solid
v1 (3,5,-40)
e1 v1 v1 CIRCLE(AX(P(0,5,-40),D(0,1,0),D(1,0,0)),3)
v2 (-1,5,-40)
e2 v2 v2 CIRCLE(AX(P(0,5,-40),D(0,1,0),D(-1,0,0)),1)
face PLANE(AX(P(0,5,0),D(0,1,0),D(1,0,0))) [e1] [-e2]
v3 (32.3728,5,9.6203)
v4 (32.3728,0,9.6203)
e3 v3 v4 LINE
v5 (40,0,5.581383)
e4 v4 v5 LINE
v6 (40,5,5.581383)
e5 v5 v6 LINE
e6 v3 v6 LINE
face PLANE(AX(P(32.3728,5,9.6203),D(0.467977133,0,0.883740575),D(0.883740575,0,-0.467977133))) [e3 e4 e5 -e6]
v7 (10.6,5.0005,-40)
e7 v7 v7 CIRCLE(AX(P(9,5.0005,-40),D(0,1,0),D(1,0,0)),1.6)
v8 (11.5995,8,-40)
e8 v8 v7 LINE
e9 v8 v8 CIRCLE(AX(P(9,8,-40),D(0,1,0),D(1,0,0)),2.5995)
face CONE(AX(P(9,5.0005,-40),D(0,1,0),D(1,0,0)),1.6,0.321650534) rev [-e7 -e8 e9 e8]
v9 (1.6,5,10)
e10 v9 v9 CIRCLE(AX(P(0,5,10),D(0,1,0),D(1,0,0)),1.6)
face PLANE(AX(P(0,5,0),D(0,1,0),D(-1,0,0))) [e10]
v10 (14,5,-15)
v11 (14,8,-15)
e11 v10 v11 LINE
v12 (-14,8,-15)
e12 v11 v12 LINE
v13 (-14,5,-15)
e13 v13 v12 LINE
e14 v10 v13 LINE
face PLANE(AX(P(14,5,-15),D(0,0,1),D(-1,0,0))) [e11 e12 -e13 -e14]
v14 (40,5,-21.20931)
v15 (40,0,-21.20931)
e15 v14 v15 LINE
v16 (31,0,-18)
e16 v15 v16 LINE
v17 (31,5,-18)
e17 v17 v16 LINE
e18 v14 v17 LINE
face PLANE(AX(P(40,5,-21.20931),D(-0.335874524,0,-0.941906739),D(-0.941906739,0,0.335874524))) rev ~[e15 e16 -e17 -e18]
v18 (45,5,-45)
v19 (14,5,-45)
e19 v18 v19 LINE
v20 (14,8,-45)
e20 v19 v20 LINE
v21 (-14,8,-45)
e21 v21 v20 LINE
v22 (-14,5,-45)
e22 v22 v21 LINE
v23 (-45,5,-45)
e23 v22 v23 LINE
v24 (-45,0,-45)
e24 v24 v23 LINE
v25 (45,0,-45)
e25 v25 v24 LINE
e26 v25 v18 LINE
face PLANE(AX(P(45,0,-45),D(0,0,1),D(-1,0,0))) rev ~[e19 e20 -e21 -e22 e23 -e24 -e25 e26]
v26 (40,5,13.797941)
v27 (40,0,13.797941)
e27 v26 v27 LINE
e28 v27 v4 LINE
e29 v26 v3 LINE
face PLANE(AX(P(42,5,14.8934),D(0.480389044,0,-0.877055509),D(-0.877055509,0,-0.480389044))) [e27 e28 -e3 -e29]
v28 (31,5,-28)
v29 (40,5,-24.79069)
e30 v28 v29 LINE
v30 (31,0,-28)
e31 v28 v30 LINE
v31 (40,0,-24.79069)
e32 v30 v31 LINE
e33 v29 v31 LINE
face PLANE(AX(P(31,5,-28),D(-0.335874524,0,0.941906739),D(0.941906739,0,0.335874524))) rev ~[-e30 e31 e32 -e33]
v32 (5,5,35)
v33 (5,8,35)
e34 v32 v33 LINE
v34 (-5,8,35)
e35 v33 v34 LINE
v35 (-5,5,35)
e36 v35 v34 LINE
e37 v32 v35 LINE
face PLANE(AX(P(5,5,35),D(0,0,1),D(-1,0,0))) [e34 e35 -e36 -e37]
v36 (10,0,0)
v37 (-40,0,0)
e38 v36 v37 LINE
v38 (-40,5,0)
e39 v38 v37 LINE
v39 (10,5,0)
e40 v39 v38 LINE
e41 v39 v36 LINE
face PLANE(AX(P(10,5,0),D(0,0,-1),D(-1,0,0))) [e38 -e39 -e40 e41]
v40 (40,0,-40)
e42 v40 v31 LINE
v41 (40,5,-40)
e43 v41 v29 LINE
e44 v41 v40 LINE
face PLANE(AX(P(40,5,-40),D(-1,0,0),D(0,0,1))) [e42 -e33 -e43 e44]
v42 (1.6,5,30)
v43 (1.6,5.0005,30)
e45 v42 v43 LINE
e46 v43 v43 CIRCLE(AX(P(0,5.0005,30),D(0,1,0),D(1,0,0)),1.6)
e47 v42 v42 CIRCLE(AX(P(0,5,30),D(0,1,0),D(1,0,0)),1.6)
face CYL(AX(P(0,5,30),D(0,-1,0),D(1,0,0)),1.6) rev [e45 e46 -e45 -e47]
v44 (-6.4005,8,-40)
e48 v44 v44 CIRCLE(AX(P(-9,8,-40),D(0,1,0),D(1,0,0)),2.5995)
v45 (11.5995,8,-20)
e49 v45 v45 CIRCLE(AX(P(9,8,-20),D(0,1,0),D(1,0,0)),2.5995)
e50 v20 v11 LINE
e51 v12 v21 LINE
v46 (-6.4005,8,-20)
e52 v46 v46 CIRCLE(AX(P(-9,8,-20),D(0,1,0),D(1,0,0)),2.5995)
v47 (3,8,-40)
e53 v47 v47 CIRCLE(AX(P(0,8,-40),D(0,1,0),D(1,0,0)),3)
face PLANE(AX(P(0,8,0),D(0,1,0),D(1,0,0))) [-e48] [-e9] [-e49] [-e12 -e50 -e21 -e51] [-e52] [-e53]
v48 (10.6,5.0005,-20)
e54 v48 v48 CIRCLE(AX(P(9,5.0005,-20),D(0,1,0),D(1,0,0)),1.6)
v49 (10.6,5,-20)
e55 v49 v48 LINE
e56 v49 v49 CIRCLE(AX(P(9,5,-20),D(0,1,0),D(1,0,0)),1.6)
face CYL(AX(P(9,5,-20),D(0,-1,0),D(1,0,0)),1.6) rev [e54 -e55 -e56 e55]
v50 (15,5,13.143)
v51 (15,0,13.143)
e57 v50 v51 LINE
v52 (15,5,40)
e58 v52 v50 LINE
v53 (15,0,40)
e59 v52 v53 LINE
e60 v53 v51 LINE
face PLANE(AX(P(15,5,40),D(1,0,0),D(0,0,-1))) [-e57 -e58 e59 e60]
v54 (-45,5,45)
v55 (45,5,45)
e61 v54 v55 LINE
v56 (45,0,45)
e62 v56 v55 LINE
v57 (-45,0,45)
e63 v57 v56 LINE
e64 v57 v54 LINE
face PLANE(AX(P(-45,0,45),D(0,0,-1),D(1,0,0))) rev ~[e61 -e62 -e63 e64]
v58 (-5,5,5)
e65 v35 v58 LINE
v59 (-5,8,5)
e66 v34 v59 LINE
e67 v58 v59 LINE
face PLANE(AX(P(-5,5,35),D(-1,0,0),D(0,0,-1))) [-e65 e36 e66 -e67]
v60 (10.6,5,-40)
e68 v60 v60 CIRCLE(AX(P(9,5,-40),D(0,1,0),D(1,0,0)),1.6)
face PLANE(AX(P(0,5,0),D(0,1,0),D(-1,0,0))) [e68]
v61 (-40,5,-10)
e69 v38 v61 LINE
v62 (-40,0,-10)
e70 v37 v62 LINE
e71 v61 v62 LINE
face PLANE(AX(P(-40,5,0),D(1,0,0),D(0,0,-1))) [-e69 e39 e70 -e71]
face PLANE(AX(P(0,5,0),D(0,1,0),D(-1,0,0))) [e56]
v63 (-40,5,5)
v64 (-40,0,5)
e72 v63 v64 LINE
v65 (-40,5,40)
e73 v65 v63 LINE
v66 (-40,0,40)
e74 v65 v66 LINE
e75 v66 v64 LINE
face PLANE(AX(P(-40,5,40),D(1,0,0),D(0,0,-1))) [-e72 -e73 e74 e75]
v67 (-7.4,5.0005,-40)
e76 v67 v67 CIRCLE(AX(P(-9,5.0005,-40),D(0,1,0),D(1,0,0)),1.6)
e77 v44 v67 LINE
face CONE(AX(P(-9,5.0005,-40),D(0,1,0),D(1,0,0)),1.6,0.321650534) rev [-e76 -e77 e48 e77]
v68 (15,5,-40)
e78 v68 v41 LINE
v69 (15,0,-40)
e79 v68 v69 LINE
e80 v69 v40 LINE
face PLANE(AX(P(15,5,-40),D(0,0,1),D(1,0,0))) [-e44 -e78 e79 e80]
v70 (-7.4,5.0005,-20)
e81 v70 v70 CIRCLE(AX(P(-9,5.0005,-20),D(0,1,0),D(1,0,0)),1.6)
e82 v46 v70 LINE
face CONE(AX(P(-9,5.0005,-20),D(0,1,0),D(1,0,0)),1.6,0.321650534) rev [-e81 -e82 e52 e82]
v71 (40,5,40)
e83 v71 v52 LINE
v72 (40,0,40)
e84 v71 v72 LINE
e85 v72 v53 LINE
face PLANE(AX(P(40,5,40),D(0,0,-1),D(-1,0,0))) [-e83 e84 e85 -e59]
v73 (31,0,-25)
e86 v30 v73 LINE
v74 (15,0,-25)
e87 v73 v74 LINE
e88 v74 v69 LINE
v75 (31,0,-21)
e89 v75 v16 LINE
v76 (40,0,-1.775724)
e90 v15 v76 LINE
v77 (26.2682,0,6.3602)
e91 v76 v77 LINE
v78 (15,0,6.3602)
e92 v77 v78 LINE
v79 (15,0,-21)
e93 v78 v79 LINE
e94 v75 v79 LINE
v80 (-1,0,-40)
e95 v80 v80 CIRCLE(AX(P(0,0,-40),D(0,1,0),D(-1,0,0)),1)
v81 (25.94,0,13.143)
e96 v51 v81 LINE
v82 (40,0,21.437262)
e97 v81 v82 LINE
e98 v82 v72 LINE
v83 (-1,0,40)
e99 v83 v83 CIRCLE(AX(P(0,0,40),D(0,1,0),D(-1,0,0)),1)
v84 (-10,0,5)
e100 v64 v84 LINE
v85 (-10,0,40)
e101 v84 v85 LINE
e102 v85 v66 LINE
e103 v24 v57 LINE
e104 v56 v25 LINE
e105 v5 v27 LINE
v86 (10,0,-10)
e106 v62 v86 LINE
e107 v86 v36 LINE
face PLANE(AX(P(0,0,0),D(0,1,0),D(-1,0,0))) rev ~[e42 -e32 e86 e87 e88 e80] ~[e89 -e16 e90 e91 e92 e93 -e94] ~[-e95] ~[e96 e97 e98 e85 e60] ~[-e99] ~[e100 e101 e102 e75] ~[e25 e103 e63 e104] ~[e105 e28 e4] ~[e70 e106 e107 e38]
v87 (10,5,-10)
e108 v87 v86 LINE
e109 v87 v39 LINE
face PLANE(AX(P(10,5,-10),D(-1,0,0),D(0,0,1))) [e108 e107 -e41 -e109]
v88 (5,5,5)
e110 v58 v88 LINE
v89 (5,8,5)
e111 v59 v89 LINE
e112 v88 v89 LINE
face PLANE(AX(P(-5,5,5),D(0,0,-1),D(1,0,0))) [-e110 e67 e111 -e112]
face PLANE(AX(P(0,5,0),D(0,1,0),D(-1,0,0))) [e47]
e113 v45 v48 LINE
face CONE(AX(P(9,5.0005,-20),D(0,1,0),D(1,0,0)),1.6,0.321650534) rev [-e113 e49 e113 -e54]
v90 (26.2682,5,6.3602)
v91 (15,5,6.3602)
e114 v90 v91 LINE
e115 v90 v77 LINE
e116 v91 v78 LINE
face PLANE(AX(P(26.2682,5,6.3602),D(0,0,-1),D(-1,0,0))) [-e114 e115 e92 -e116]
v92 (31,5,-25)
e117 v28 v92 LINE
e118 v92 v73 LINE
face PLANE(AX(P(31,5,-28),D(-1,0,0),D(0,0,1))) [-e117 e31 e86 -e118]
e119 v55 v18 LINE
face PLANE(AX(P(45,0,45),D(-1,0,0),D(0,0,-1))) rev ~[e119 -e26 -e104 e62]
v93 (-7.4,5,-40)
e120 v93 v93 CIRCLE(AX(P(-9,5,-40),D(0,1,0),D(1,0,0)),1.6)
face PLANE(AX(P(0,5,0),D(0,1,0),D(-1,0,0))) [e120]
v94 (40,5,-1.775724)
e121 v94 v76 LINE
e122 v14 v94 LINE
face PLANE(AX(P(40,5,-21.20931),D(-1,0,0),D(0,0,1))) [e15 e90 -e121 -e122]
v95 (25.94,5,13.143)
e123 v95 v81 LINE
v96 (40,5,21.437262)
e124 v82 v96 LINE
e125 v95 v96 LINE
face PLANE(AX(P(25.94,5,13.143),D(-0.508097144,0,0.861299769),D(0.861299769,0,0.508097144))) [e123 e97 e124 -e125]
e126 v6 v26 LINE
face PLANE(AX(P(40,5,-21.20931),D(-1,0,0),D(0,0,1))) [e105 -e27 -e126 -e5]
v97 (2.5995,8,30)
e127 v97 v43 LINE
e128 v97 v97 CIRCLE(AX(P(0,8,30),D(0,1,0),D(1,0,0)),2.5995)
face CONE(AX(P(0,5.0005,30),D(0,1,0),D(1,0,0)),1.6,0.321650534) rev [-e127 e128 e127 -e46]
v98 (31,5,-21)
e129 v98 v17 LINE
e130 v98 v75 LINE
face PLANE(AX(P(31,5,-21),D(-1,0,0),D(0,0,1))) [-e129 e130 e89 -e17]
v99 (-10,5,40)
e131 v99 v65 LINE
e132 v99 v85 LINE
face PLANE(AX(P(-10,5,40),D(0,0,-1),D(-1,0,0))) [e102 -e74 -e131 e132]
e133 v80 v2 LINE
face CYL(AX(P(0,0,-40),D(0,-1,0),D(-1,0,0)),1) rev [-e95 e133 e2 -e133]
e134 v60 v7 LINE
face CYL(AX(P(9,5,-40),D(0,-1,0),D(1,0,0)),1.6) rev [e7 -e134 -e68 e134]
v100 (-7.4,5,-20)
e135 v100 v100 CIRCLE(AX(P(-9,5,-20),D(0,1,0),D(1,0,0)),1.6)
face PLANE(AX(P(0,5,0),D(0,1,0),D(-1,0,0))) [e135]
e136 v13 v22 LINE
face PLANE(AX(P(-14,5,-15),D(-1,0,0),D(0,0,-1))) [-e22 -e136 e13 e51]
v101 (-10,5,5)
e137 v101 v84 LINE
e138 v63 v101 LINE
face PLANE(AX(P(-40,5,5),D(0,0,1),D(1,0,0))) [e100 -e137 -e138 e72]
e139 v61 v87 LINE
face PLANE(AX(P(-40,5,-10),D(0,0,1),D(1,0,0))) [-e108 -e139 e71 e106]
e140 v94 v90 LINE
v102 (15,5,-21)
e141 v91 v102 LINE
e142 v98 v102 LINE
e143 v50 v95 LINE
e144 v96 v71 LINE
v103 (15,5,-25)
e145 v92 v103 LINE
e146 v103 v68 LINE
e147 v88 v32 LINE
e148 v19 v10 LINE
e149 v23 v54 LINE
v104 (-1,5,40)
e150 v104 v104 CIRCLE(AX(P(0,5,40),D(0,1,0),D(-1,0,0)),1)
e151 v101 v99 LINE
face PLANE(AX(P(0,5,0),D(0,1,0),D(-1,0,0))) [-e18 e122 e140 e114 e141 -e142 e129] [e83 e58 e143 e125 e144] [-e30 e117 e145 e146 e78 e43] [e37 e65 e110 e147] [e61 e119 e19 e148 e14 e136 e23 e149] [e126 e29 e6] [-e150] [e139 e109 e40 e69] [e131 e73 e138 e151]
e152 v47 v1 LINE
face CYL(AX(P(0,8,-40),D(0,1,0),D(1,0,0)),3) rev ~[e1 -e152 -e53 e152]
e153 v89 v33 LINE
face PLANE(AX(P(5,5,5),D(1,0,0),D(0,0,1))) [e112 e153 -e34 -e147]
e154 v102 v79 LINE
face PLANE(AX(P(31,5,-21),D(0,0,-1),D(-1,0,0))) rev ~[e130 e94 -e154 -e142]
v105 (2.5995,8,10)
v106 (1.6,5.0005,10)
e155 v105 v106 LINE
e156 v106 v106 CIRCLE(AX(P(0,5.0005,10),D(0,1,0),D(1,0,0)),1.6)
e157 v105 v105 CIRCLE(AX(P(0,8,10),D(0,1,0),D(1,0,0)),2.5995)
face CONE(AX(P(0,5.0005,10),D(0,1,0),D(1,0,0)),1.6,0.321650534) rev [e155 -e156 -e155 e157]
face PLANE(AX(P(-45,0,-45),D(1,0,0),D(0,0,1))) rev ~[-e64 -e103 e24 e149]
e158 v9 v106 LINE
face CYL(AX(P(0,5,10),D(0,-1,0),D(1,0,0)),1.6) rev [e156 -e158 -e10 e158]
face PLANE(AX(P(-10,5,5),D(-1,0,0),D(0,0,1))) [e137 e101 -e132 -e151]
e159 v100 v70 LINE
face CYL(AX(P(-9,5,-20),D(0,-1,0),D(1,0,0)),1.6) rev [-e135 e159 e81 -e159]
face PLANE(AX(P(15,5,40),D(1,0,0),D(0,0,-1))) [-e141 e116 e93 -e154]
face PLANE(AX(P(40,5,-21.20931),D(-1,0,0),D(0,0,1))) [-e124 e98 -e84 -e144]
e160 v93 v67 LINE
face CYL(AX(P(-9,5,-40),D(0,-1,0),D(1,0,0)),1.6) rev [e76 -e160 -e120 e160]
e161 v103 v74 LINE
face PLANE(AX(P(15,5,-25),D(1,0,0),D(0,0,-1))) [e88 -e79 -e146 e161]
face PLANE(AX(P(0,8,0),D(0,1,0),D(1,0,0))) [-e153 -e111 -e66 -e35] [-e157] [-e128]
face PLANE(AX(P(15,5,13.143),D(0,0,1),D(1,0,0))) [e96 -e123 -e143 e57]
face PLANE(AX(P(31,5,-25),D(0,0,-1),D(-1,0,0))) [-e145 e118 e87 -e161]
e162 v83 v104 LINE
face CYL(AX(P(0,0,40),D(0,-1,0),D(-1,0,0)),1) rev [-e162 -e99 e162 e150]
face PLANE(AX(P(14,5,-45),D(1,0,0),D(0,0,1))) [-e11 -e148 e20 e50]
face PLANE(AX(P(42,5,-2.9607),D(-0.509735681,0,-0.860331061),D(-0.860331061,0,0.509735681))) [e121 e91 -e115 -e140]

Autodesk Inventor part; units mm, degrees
ref_plane "YZ Plane" through (0, 0, 0) normal (1, 0, 0) x (0, 1, 0)
ref_plane "Arbeitsebene1" through (-75, 27.1, 0) normal (0, 0, 1) x (0, 1, 0)
sketch "center1" plane through (-75, 27.1, 0) normal (0, 0, 1) x (0, 1, 0)
  line L0 (-173.891, -75) -> (168.1592, -75)
  line L1 (0, 239.86) -> (0, -220.81)
  point P0 (-27.1, -75)
ref_plane "Arbeitsebene2" through (0, 99.4, -2.4) normal (-1, 0, 0) x (0, 0, 1)
sketch "center2" plane through (0, 99.4, -2.4) normal (-1, 0, 0) x (0, 0, 1)
  line L0 (184.8129, -72.3) -> (-258.9785, -72.3)
  point P0 (2.4, -99.4)
sketch "Hallsens" plane through (0, 0, 0) normal (0, 1, 0) x (-1, 0, 0)
  line L0 (406.994, 0) -> (-237.944, 0) construction
  line L1 (0, -350.1368) -> (0, 271.1712) construction
  line L2 (-5, 0) -> (5, 0) construction
  line L3 (5, 0) -> (5, -20) construction
  line L4 (5, -20) -> (-5, -20) construction
  line L5 (-5, -20) -> (-5, 0) construction
  line L6 (-4, -1) -> (-6, -1)
  line L7 (-6, -1) -> (-6, 1)
  line L8 (-6, 1) -> (-4, 1)
  line L9 (-4, 1) -> (-4, -1)
  line L10 (-4, -1) -> (-6, 1) construction
  line L11 (-6, -1) -> (-4, 1) construction
  line L12 (4, -1) -> (6, -1)
  line L13 (6, -1) -> (6, 1)
  line L14 (6, 1) -> (4, 1)
  line L15 (4, 1) -> (4, -1)
  line L16 (4, -1) -> (6, 1) construction
  line L17 (6, -1) -> (4, 1) construction
  line L18 (4, -21) -> (6, -21)
  line L19 (6, -21) -> (6, -19)
  line L20 (6, -19) -> (4, -19)
  line L21 (4, -19) -> (4, -21)
  line L22 (4, -21) -> (6, -19) construction
  line L23 (6, -21) -> (4, -19) construction
  line L24 (-6, -21) -> (-4, -21)
  line L25 (-4, -21) -> (-4, -19)
  line L26 (-4, -19) -> (-6, -19)
  line L27 (-6, -19) -> (-6, -21)
  line L28 (-6, -21) -> (-4, -19) construction
  line L29 (-4, -21) -> (-6, -19) construction
  line L30 (-9, 10) -> (9, 10) construction
  line L31 (9, 10) -> (9, -40) construction
  line L32 (9, -40) -> (-9, -40) construction
  line L33 (-9, -40) -> (-9, 10) construction
  circle A0 centre (0, 10) radius 1.6
  circle A1 centre (9, -40) radius 1.6
  circle A2 centre (-9, -40) radius 1.6
  dimension "d126" = 10
  dimension "d127" = 20
  dimension "d128" = 5
  dimension "d129" = 2
  dimension "d130" = 4
  dimension "d131" = 4
  dimension "d132" = 10
  dimension "d133" = 20
  dimension "d134" = 3.2
sketch "Groundplane" plane through (0, 0, 0) normal (0, 1, 0) x (-1, 0, 0)
  line L0 (45, 45) -> (-45, 45) construction
  line L1 (-45, 45) -> (-45, -45) construction
  line L2 (-45, -45) -> (45, -45) construction
  line L3 (45, -45) -> (45, 45) construction
  line L4 (1, 45) -> (-1, 45) construction
  line L5 (-1, 45) -> (-1, 40) construction
  line L6 (-1, 40) -> (1, 40) construction
  line L7 (1, 40) -> (1, 45) construction
  arc A0 (-1, 40) -> (1, 40) centre (0, 40) ccw construction
  line L8 (1, -45) -> (-1, -45) construction
  line L9 (-1, -45) -> (-1, -40) construction
  line L10 (-1, -40) -> (1, -40) construction
  line L11 (1, -40) -> (1, -45) construction
  arc A1 (1, -40) -> (-1, -40) centre (0, -40) ccw construction
  point P0 (0, 0)
  dimension "d5" = 2
  dimension "d6" = 5
  dimension "d7" = 2
  dimension "d8" = 5
  dimension "d9" = 90
  dimension "d89" = 45
  dimension "d90" = 45
sketch "Montagepunkte" plane through (0, 0, 0) normal (0, 1, 0) x (-1, 0, 0)
  circle A0 centre (0, 10) radius 1.6 projected
  circle A1 centre (9, -40) radius 1.6 projected
  circle A2 centre (-9, -40) radius 1.6 projected
  arc A3 (1, -40) -> (-1, -40) centre (0, -40) ccw construction
  arc A4 (-1, 40) -> (1, 40) centre (0, 40) ccw construction
  circle A5 centre (0, 40) radius 1
  circle A6 centre (0, -40) radius 1
  line L0 (-9, -40) -> (9, -40) construction
  line L1 (9, -40) -> (9, -20) construction
  line L2 (9, -20) -> (-9, -20) construction
  line L3 (-9, -20) -> (-9, -40) construction
  line L4 (0, 10) -> (0, 30) construction
  circle A7 centre (9, -20) radius 1.6
  circle A8 centre (-9, -20) radius 1.6
  circle A9 centre (0, 30) radius 1.6
  dimension "d135" = 2
  dimension "d136" = 20
  dimension "d137" = 20
  dimension "d138" = 3.2
sketch "Skizze5" plane through (0, 0, 0) normal (0, 1, 0) x (-1, 0, 0)
  line L0 (45, 45) -> (-45, 45) projected
  line L1 (-45, 45) -> (-45, -45) projected
  line L2 (-45, -45) -> (45, -45) projected
  line L3 (45, -45) -> (45, 45) projected
  circle A0 centre (0, 40) radius 1 projected
  circle A1 centre (0, -40) radius 1 projected
extrude "Extrusion2" add sketch "Skizze5" along normal blind 5
sketch "Skizze6" plane through (0, 5, 0) normal (0, 1, 0) x (1, 0, 0)
  line L0 (-5, -5) -> (5, -5)
  line L1 (5, -5) -> (5, -35)
  line L2 (5, -35) -> (-5, -35)
  line L3 (-5, -35) -> (-5, -5)
  line L4 (-14, 45) -> (14, 45)
  line L5 (14, 45) -> (14, 15)
  line L6 (14, 15) -> (-14, 15)
  line L7 (-14, 15) -> (-14, 45)
  circle A0 centre (0, -40) radius 1 projected
  circle A1 centre (0, -40) radius 1 projected
  circle A2 centre (0, -30) radius 1.6 projected
  circle A3 centre (0, -10) radius 1.6 projected
  circle A4 centre (-9, 20) radius 1.6 projected
  circle A5 centre (9, 20) radius 1.6 projected
  circle A6 centre (9, 40) radius 1.6 projected
  circle A7 centre (-9, 40) radius 1.6 projected
  circle A8 centre (0, 40) radius 1 projected
  point P0 (0, 0)
  dimension "d139" = 5
  dimension "d140" = 5
  dimension "d141" = 5
  dimension "d142" = 5
  dimension "d143" = 5
  dimension "d144" = 5
  dimension "d145" = 5
  dimension "d146" = 5
extrude "Extrusion3" add sketch "Skizze6" along normal blind 3 contours L0 L1 L2 L3 | L4 L5 L6 L7
chamfer "Fase1" distance 1 distance2 3 4 edges at (7.4, 8, -20) (-10.6, 8, -20) (-10.6, 8, -40) (7.4, 8, -40) measured on face at (0.0402, 8, -27.0431)
chamfer "Fase2" distance 1 distance2 3 2 edges at (-1.6, 8, 30) (-1.6, 8, 10) measured on face at (3.8056, 8, 16.9145)
sketch "Skizze8" plane through (0, 8, 0) normal (0, 1, 0) x (1, 0, 0)
  circle A0 centre (0, 40) radius 3
  circle A1 centre (0, 40) radius 1 projected
  circle A2 centre (0, 40) radius 1 projected
  circle A3 centre (0, 40) radius 1 projected
  point P0 (0, 0)
  dimension "d99" = 6
extrude "Extrusion5" cut sketch "Skizze8" against normal up to surface (3 mm away) contours A0 | A1
sketch "Skizze9" plane through (0, 5, 0) normal (0, 1, 0) x (1, 0, 0)
  line L0 (15, 40) -> (40, 40)
  line L1 (40, 40) -> (40, -40)
  line L2 (40, -40) -> (15, -40)
  line L3 (15, -40) -> (15, 40)
  line L4 (15, 40) -> (15, -40) construction
  line L5 (31, 28) -> (31, 18)
  line L6 (31, 25) -> (15, 25)
  line L7 (31, 21) -> (15, 21)
  line L8 (15, 21) -> (15, 25)
  line L9 (31, 28) -> (41, 24.4341)
  line L10 (41, 24.4341) -> (41, 21.5659)
  line L11 (41, 21.5659) -> (31, 18)
  line L12 (-40, 10) -> (10, 10)
  line L13 (10, 10) -> (10, 0)
  line L14 (10, 0) -> (-40, 0)
  line L15 (-40, 0) -> (-40, 10)
  line L16 (-40, -5) -> (-10, -5)
  line L17 (-10, -5) -> (-10, -40)
  line L18 (-10, -40) -> (-40, -40)
  line L19 (-40, -40) -> (-40, -5)
  line L20 (-5, -5) -> (-5, -35) projected
  line L21 (-14, 15) -> (14, 15) projected
  line L22 (5, -5) -> (-5, -5) projected
  line L23 (-45, -45) -> (45, -45) construction
  line L24 (45, -45) -> (45, 45) construction
  line L25 (45, 45) -> (14, 45) construction
  line L26 (-14, 45) -> (-45, 45) construction
  line L27 (-45, 45) -> (-45, -45) construction
  point P0 (0, 0)
  point P1 (9, 45)
  point P2 (40, 23)
  point P3 (31, 23)
  point P4 (41, 23)
  point P5 (40, 21.2093)
  point P6 (40, 24.7907)
  point P7 (-40, -22.5)
  dimension "d106" = 25
  dimension "d107" = 0
  dimension "d108" = 3
  dimension "d109" = 3
  dimension "d110" = 4
  dimension "d111" = 9
  dimension "d112" = 15
  dimension "d115" = 1
  dimension "d118" = 5
  dimension "d119" = 5
  dimension "d123" = 5
  dimension "d124" = 5
  dimension "d125" = 5
  dimension "d147" = 5
  dimension "d148" = 5
  dimension "d149" = 5
  dimension "d150" = 5
  dimension "d151" = 5
  dimension "d152" = 5
extrude "Extrusion6" cut sketch "Skizze9" against normal through all contours L0 L1 L9 L5 L6 L3 | L7 L5 L11 L1 L2 L3 | L12 L13 L14 L15 | L16 L17 L18 L19
sketch "Skizze10" plane through (0, 5, 0) normal (0, 1, 0) x (1, 0, 0)
  line L0 (15, -40) -> (15, 21) construction
  line L1 (42, 2.9607) -> (26.2682, -6.3602)
  line L2 (26.2682, -6.3602) -> (15, -6.3602)
  line L3 (15, -6.3602) -> (15, -13.143)
  line L4 (15, -13.143) -> (25.94, -13.143)
  line L5 (25.94, -13.143) -> (42, -22.6171)
  line L6 (42, -22.6171) -> (42, -14.8934)
  line L7 (42, -14.8934) -> (32.3728, -9.6203)
  line L8 (32.3728, -9.6203) -> (42, -4.5223)
  line L9 (42, -4.5223) -> (42, 2.9607)
  point P0 (0, 0)
extrude "Extrusion7" add sketch "Skizze10" against normal up to surface (5 mm away)
properties part number "HallSensor_Halterung"
